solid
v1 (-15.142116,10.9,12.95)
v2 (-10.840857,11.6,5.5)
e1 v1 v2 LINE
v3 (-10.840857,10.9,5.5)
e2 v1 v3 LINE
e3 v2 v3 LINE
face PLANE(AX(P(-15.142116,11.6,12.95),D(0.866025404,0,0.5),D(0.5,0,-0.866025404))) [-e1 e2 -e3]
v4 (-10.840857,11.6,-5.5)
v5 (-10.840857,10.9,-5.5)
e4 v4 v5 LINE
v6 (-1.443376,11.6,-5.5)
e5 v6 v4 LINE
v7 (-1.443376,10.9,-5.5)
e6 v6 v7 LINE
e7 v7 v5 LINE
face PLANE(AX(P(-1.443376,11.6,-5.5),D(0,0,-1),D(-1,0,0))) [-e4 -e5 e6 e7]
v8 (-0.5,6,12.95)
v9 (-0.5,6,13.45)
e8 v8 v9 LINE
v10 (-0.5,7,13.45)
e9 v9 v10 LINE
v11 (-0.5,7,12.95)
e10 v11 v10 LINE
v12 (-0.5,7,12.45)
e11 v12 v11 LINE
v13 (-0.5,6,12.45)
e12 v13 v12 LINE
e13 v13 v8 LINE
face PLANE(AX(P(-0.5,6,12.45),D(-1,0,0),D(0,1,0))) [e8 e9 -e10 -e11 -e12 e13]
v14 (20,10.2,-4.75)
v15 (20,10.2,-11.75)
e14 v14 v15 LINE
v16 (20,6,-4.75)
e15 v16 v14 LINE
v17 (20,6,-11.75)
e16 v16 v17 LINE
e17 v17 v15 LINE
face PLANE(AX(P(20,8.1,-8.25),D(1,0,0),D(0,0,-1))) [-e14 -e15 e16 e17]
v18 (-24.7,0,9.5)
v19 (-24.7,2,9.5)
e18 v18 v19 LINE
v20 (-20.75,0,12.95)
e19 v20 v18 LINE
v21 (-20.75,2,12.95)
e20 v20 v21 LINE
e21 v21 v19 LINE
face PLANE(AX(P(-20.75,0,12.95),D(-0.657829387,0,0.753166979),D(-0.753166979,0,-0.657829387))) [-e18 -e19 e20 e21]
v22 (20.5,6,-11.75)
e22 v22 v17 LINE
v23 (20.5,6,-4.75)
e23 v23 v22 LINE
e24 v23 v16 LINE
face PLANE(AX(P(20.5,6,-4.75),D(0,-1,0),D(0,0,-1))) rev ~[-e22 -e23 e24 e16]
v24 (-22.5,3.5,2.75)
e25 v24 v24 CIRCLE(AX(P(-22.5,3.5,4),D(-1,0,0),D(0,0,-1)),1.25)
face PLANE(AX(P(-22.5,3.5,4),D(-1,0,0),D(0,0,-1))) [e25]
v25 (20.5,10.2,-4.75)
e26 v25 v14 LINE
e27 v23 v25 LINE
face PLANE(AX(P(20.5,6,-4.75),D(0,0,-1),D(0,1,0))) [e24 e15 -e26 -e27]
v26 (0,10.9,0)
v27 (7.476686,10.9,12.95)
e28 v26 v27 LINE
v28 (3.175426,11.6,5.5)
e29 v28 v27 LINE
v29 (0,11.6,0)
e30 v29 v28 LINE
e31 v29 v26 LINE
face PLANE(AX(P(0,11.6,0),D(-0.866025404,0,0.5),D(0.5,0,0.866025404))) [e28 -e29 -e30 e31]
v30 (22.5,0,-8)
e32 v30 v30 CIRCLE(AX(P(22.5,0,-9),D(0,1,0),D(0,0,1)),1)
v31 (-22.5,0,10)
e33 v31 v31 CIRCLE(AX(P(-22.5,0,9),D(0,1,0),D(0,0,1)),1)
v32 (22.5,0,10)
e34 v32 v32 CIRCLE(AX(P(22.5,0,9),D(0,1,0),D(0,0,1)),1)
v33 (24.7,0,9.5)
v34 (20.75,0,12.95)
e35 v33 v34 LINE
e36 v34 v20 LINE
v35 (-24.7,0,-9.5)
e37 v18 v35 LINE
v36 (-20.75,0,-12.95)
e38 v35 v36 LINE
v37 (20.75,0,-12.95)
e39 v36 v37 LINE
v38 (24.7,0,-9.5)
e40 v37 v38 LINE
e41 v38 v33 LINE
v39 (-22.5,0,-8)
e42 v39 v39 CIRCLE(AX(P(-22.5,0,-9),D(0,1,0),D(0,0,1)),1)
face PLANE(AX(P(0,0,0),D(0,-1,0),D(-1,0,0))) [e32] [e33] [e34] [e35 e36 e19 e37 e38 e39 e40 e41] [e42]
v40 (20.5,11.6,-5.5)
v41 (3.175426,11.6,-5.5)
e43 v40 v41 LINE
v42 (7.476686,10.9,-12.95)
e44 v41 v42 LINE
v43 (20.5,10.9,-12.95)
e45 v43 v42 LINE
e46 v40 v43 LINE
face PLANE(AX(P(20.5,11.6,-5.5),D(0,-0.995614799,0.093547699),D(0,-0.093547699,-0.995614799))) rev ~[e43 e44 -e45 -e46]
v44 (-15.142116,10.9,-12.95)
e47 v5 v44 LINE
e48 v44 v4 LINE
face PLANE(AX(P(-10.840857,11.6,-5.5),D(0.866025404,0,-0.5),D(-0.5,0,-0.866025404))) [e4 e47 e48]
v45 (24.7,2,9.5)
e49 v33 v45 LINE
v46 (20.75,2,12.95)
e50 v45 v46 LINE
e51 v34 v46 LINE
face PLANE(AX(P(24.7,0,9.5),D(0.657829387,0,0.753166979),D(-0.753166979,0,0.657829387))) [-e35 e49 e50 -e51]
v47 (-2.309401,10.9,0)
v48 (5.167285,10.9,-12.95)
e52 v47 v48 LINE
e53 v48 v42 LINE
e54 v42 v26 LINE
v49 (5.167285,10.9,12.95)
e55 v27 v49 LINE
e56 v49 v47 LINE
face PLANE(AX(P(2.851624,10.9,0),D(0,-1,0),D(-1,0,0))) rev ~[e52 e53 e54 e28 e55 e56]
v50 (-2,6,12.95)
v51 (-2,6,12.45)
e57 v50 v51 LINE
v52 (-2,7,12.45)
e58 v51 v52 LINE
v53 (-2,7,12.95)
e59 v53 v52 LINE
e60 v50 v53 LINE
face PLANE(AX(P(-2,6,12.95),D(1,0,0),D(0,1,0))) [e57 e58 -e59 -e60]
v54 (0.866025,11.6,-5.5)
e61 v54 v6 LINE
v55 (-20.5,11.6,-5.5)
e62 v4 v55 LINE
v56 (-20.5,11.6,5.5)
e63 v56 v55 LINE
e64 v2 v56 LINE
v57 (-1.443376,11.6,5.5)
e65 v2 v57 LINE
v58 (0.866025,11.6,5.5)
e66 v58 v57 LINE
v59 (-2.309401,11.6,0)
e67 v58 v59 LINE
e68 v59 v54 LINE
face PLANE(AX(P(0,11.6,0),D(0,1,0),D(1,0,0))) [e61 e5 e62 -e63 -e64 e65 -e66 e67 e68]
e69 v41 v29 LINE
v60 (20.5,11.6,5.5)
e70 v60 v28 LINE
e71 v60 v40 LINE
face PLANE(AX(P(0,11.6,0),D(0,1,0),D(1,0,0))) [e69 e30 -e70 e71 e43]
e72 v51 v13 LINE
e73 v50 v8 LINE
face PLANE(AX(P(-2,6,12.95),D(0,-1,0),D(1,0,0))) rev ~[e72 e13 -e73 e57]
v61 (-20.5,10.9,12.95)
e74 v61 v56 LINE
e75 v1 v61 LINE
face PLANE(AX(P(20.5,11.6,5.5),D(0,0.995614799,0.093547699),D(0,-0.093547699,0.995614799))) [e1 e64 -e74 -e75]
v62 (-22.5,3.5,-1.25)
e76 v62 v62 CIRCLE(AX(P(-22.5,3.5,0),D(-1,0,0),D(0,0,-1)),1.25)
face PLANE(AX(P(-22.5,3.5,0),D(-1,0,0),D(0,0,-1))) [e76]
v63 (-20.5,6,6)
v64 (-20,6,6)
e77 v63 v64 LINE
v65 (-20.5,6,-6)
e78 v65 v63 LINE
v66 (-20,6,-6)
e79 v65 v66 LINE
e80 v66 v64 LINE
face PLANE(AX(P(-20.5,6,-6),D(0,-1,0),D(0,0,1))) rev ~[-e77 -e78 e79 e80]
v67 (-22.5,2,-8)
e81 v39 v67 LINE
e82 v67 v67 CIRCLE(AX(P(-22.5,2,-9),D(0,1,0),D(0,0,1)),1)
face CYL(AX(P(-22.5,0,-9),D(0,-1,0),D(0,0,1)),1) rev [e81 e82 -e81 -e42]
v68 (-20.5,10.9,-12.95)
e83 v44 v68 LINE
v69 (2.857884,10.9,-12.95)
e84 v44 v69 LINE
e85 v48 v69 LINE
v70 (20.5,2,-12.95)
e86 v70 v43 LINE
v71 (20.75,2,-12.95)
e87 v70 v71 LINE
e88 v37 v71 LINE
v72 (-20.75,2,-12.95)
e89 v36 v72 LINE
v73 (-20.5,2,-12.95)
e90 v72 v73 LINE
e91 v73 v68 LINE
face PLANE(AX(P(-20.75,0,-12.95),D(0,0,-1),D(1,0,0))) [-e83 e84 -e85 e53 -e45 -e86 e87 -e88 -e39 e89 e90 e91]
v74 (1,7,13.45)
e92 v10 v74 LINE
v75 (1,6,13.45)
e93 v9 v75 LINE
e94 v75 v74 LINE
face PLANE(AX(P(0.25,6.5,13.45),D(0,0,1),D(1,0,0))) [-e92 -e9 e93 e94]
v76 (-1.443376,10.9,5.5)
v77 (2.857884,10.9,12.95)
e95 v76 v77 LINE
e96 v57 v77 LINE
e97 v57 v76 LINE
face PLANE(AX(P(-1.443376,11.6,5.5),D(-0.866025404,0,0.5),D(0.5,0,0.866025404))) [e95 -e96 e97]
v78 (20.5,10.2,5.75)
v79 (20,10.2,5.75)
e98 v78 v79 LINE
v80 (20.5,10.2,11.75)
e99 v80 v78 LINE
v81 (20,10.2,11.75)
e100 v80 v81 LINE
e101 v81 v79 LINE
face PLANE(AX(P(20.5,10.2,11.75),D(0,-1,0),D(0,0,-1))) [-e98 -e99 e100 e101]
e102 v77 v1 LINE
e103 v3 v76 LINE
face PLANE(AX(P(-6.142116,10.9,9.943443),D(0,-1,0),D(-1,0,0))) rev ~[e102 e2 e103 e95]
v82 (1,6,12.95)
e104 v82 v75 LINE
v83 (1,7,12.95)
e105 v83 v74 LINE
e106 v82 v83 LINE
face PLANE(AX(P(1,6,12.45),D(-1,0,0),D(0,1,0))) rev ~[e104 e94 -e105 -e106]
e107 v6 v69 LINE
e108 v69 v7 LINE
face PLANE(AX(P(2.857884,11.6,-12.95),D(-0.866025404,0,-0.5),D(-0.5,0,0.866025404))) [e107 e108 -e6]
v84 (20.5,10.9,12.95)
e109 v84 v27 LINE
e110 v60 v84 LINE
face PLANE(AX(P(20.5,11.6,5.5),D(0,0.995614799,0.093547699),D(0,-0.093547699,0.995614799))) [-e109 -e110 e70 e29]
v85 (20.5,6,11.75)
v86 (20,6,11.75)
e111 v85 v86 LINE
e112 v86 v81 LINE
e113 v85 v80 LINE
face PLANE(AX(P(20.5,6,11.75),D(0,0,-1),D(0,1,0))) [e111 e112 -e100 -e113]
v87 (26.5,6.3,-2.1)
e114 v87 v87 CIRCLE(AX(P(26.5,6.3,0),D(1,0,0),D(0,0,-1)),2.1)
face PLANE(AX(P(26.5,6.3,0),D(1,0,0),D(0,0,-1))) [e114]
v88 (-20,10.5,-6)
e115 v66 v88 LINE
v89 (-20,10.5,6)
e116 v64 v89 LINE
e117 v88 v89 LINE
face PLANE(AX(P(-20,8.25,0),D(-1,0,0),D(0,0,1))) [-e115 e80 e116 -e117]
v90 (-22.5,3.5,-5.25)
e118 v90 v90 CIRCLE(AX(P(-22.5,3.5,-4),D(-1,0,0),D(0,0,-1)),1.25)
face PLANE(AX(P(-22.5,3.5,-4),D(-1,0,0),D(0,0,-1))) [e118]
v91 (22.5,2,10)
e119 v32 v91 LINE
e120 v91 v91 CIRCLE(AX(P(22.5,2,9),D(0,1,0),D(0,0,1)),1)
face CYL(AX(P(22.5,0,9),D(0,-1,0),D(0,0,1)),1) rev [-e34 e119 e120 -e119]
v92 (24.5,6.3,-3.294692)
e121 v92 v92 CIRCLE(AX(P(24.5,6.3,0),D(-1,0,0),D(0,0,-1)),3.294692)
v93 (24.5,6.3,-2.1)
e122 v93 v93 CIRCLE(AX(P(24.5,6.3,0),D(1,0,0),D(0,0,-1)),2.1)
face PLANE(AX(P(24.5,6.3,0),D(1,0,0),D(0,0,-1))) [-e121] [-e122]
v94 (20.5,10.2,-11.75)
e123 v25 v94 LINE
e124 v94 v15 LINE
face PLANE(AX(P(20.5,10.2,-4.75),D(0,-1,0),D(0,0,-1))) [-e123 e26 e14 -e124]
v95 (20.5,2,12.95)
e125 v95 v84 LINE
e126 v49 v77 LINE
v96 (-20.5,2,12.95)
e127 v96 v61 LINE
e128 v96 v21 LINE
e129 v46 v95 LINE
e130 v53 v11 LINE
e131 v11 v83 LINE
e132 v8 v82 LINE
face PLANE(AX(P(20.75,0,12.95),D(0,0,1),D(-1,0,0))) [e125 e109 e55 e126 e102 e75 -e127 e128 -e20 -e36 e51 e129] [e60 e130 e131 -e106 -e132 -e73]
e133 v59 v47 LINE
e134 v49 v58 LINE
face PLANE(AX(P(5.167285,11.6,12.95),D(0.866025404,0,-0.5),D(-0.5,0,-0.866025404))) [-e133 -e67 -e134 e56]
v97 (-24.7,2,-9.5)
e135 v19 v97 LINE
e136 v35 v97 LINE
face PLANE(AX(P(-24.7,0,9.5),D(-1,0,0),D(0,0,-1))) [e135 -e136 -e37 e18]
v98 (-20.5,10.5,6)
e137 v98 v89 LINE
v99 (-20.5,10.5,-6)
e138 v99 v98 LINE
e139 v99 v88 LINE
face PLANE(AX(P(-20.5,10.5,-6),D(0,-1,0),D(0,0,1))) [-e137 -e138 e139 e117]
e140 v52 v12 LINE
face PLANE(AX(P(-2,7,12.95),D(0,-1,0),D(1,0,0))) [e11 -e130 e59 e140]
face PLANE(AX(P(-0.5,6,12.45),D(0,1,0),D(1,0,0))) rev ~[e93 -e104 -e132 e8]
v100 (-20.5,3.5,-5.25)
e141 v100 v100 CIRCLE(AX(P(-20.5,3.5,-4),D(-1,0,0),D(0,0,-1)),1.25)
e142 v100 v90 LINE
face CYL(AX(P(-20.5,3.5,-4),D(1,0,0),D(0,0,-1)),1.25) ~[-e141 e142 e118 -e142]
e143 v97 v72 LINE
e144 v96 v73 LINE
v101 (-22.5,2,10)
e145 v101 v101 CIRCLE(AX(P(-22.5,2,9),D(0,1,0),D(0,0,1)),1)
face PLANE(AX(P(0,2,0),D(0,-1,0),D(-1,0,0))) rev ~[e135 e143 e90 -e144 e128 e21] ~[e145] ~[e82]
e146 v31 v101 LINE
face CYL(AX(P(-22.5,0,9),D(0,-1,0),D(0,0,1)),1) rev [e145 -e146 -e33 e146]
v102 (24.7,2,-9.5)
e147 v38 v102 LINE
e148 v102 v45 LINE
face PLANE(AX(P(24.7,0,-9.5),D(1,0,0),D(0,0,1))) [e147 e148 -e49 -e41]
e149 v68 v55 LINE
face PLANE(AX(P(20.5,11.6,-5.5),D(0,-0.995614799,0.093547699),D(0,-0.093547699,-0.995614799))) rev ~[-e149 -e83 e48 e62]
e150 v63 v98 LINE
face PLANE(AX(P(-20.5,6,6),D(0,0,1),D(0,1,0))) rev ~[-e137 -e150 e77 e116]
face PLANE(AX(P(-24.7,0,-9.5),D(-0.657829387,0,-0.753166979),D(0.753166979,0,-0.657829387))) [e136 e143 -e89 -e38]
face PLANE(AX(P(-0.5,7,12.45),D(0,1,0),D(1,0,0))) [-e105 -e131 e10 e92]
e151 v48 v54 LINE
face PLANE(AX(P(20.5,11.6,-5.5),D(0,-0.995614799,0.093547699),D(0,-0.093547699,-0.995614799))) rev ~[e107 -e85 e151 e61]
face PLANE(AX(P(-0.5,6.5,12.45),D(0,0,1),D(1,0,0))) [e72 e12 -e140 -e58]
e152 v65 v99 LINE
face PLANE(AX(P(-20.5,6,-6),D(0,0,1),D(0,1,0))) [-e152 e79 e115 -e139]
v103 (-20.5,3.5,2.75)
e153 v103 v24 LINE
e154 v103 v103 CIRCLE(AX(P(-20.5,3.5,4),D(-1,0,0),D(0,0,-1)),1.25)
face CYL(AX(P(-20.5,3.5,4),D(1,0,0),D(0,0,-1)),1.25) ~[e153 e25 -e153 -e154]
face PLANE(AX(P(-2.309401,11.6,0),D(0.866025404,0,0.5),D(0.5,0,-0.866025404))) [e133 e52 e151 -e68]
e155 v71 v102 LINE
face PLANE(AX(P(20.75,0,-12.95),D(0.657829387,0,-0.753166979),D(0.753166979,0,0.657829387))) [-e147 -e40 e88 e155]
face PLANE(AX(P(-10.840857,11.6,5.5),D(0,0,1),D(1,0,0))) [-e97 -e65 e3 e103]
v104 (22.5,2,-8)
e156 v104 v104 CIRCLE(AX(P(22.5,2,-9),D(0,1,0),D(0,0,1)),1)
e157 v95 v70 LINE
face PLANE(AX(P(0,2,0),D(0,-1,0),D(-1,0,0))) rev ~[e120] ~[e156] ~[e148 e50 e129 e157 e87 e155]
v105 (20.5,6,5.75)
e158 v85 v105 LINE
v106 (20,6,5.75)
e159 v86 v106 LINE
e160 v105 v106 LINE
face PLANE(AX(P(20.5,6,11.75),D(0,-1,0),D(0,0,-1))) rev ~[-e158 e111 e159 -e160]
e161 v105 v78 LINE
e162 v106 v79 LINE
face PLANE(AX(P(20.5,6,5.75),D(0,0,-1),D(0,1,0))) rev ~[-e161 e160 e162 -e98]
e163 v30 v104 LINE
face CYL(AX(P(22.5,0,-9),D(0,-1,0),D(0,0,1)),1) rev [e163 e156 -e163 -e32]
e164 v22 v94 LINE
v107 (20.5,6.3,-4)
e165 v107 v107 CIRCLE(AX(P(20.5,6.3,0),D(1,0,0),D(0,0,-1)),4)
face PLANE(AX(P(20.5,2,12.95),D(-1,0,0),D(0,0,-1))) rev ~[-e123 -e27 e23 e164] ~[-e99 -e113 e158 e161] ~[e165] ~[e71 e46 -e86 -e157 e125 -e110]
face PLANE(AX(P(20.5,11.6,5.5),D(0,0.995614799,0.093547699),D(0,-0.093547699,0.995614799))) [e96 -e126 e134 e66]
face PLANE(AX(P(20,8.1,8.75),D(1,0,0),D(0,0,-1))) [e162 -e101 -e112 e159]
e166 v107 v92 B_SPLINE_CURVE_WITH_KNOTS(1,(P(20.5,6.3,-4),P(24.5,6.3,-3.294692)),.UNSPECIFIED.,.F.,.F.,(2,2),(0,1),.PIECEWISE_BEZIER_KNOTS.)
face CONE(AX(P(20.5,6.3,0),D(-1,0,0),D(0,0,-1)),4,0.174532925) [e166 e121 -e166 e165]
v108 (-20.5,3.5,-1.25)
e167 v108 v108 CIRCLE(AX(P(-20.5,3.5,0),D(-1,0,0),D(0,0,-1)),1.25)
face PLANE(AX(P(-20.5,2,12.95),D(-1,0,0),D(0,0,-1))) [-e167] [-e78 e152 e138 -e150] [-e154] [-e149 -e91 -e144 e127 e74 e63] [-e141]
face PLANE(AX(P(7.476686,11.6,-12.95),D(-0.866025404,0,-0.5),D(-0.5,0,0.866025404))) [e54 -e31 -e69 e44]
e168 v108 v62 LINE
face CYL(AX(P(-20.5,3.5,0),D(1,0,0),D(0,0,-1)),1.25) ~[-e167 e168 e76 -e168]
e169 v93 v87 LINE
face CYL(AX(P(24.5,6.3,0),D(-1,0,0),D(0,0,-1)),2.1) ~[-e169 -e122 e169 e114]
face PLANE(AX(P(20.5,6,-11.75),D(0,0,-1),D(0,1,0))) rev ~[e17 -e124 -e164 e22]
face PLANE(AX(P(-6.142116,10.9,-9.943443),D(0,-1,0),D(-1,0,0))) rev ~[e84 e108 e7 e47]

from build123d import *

# Parameters (mm, degrees)
SKETCH_1_R          = 1
EXTRUDE_1_DEPTH     = 2
SKETCH_2_W          = 41
SKETCH_2_H          = 25.9
EXTRUDE_2_DEPTH     = 9.6
CUT_EXTRUDE_1_DEPTH = 49.428323324
CUT_EXTRUDE_2_DEPTH = 0.7
SKETCH_5_R          = 1.25
EXTRUDE_3_DEPTH     = 2
SKETCH_6_R          = 4
EXTRUDE_4_DEPTH     = 4
EXTRUDE_4_TAPER     = 10
SKETCH_7_R          = 2.1
EXTRUDE_5_DEPTH     = 2
SKETCH_8_W          = 12
SKETCH_8_H          = 4.5
CUT_EXTRUDE_3_DEPTH = 0.5
SKETCH_9_W          = 7
SKETCH_9_H          = 4.2
SKETCH_9_W_2        = 6
CUT_EXTRUDE_4_DEPTH = 0.5
SKETCH_12_W         = 3
SKETCH_12_H         = 1
CUT_EXTRUDE_5_DEPTH = 0.5
SKETCH_13_W         = 1.5
SKETCH_13_H         = 1
EXTRUDE_6_DEPTH     = 1


with BuildPart() as part:
    # 草图1 → 凸台-拉伸1 (new body)
    with BuildSketch(Plane(origin=(0, 0, 0), x_dir=(1, 0, 0), z_dir=(0, 1, 0))):
        Polygon((-20.75, 12.95), (20.75, 12.95), (24.7, 9.5), (24.7, -9.5), (20.75, -12.95), (-20.75, -12.95), (-24.7, -9.5), (-24.7, 9.5), align=None)
        with Locations(Location((22.5, 9, 0), (0, 0, 270))):
            Circle(SKETCH_1_R, mode=Mode.SUBTRACT)
        with Locations(Location((22.5, -9, 0), (0, 0, 270))):
            Circle(SKETCH_1_R, mode=Mode.SUBTRACT)
        with Locations(Location((-22.5, -9, 0), (0, 0, 270))):
            Circle(SKETCH_1_R, mode=Mode.SUBTRACT)
        with Locations(Location((-22.5, 9, 0), (0, 0, 270))):
            Circle(SKETCH_1_R, mode=Mode.SUBTRACT)
    extrude(amount=EXTRUDE_1_DEPTH)

    # 草图2 → 凸台-拉伸2 (add)
    with BuildSketch(Plane(origin=(0, 2, 0), x_dir=(1, 0, 0), z_dir=(0, 1, 0))):
        Rectangle(SKETCH_2_W, SKETCH_2_H)
    extrude(amount=EXTRUDE_2_DEPTH)

    # 草图3 → 切除-拉伸1 (cut, through all)
    with BuildSketch(Plane(origin=(20.5, 0, 0), x_dir=(0, 0, -1), z_dir=(1, 0, 0))):
        Polygon((-5.5, 11.6), (-12.95, 10.9), (-12.95, 11.6), align=None)
        Polygon((12.95, 11.6), (5.5, 11.6), (12.95, 10.9), align=None)
    extrude(amount=-CUT_EXTRUDE_1_DEPTH, mode=Mode.SUBTRACT)

    # 草图4 → 切除-拉伸2 (cut)
    with BuildSketch(Plane(origin=(0, 11.6, 0), x_dir=(1, 0, 0), z_dir=(0, 1, 0))):
        Polygon((7.476685986, 12.95), (0, 0), (7.476685986, -12.95), (5.167284909, -12.95), (-2.309401077, 0), (5.167284909, 12.95), align=None)
        Polygon((2.857883832, 12.95), (-1.443375673, 5.5), (-10.840856662, 5.5), (-15.142116168, 12.95), align=None)
        Polygon((-1.443375673, -5.5), (2.857883832, -12.95), (-15.142116168, -12.95), (-10.840856662, -5.5), align=None)
    extrude(amount=-CUT_EXTRUDE_2_DEPTH, mode=Mode.SUBTRACT)

    # 草图5 → 凸台-拉伸3 (add)
    with BuildSketch(Plane.ZY.offset(20.5)):
        with Locations(Location((0, 3.5, 0), (0, 0, 180))):
            Circle(SKETCH_5_R)
        with Locations(Location((4, 3.5, 0), (0, 0, 180))):
            Circle(SKETCH_5_R)
        with Locations(Location((-4, 3.5, 0), (0, 0, 180))):
            Circle(SKETCH_5_R)
    extrude(amount=EXTRUDE_3_DEPTH)

    # 草图6 → 凸台-拉伸4 (add)
    with BuildSketch(Plane(origin=(20.5, 0, 0), x_dir=(0, 0, -1), z_dir=(1, 0, 0))):
        with Locations((0, 6.3)):
            Circle(SKETCH_6_R)
    extrude(amount=EXTRUDE_4_DEPTH, taper=EXTRUDE_4_TAPER)

    # 草图7 → 凸台-拉伸5 (add)
    with BuildSketch(Plane(origin=(24.5, 0, 0), x_dir=(0, 0, -1), z_dir=(1, 0, 0))):
        with Locations((0, 6.3)):
            Circle(SKETCH_7_R)
    extrude(amount=EXTRUDE_5_DEPTH)

    # 草图8 → 切除-拉伸3 (cut)
    with BuildSketch(Plane.ZY.offset(20.5)):
        with Locations((0, 8.25)):
            Rectangle(SKETCH_8_W, SKETCH_8_H)
    extrude(amount=-CUT_EXTRUDE_3_DEPTH, mode=Mode.SUBTRACT)

    # 草图9 → 切除-拉伸4 (cut)
    with BuildSketch(Plane(origin=(20.5, 0, 0), x_dir=(0, 0, -1), z_dir=(1, 0, 0))):
        with Locations((8.25, 8.1)):
            Rectangle(SKETCH_9_W, SKETCH_9_H)
        with Locations((-8.75, 8.1)):
            Rectangle(SKETCH_9_W_2, SKETCH_9_H)
    extrude(amount=-CUT_EXTRUDE_4_DEPTH, mode=Mode.SUBTRACT)

    # 草图12 → 切除-拉伸5 (cut)
    with BuildSketch(Plane.XY.offset(12.95)):
        with Locations((-0.5, 6.5)):
            Rectangle(SKETCH_12_W, SKETCH_12_H)
    extrude(amount=-CUT_EXTRUDE_5_DEPTH, mode=Mode.SUBTRACT)

    # 草图13 → 凸台-拉伸6 (add)
    with BuildSketch(Plane.XY.offset(12.45)):
        with Locations((0.25, 6.5)):
            Rectangle(SKETCH_13_W, SKETCH_13_H)
    extrude(amount=EXTRUDE_6_DEPTH)


solid = part.part
